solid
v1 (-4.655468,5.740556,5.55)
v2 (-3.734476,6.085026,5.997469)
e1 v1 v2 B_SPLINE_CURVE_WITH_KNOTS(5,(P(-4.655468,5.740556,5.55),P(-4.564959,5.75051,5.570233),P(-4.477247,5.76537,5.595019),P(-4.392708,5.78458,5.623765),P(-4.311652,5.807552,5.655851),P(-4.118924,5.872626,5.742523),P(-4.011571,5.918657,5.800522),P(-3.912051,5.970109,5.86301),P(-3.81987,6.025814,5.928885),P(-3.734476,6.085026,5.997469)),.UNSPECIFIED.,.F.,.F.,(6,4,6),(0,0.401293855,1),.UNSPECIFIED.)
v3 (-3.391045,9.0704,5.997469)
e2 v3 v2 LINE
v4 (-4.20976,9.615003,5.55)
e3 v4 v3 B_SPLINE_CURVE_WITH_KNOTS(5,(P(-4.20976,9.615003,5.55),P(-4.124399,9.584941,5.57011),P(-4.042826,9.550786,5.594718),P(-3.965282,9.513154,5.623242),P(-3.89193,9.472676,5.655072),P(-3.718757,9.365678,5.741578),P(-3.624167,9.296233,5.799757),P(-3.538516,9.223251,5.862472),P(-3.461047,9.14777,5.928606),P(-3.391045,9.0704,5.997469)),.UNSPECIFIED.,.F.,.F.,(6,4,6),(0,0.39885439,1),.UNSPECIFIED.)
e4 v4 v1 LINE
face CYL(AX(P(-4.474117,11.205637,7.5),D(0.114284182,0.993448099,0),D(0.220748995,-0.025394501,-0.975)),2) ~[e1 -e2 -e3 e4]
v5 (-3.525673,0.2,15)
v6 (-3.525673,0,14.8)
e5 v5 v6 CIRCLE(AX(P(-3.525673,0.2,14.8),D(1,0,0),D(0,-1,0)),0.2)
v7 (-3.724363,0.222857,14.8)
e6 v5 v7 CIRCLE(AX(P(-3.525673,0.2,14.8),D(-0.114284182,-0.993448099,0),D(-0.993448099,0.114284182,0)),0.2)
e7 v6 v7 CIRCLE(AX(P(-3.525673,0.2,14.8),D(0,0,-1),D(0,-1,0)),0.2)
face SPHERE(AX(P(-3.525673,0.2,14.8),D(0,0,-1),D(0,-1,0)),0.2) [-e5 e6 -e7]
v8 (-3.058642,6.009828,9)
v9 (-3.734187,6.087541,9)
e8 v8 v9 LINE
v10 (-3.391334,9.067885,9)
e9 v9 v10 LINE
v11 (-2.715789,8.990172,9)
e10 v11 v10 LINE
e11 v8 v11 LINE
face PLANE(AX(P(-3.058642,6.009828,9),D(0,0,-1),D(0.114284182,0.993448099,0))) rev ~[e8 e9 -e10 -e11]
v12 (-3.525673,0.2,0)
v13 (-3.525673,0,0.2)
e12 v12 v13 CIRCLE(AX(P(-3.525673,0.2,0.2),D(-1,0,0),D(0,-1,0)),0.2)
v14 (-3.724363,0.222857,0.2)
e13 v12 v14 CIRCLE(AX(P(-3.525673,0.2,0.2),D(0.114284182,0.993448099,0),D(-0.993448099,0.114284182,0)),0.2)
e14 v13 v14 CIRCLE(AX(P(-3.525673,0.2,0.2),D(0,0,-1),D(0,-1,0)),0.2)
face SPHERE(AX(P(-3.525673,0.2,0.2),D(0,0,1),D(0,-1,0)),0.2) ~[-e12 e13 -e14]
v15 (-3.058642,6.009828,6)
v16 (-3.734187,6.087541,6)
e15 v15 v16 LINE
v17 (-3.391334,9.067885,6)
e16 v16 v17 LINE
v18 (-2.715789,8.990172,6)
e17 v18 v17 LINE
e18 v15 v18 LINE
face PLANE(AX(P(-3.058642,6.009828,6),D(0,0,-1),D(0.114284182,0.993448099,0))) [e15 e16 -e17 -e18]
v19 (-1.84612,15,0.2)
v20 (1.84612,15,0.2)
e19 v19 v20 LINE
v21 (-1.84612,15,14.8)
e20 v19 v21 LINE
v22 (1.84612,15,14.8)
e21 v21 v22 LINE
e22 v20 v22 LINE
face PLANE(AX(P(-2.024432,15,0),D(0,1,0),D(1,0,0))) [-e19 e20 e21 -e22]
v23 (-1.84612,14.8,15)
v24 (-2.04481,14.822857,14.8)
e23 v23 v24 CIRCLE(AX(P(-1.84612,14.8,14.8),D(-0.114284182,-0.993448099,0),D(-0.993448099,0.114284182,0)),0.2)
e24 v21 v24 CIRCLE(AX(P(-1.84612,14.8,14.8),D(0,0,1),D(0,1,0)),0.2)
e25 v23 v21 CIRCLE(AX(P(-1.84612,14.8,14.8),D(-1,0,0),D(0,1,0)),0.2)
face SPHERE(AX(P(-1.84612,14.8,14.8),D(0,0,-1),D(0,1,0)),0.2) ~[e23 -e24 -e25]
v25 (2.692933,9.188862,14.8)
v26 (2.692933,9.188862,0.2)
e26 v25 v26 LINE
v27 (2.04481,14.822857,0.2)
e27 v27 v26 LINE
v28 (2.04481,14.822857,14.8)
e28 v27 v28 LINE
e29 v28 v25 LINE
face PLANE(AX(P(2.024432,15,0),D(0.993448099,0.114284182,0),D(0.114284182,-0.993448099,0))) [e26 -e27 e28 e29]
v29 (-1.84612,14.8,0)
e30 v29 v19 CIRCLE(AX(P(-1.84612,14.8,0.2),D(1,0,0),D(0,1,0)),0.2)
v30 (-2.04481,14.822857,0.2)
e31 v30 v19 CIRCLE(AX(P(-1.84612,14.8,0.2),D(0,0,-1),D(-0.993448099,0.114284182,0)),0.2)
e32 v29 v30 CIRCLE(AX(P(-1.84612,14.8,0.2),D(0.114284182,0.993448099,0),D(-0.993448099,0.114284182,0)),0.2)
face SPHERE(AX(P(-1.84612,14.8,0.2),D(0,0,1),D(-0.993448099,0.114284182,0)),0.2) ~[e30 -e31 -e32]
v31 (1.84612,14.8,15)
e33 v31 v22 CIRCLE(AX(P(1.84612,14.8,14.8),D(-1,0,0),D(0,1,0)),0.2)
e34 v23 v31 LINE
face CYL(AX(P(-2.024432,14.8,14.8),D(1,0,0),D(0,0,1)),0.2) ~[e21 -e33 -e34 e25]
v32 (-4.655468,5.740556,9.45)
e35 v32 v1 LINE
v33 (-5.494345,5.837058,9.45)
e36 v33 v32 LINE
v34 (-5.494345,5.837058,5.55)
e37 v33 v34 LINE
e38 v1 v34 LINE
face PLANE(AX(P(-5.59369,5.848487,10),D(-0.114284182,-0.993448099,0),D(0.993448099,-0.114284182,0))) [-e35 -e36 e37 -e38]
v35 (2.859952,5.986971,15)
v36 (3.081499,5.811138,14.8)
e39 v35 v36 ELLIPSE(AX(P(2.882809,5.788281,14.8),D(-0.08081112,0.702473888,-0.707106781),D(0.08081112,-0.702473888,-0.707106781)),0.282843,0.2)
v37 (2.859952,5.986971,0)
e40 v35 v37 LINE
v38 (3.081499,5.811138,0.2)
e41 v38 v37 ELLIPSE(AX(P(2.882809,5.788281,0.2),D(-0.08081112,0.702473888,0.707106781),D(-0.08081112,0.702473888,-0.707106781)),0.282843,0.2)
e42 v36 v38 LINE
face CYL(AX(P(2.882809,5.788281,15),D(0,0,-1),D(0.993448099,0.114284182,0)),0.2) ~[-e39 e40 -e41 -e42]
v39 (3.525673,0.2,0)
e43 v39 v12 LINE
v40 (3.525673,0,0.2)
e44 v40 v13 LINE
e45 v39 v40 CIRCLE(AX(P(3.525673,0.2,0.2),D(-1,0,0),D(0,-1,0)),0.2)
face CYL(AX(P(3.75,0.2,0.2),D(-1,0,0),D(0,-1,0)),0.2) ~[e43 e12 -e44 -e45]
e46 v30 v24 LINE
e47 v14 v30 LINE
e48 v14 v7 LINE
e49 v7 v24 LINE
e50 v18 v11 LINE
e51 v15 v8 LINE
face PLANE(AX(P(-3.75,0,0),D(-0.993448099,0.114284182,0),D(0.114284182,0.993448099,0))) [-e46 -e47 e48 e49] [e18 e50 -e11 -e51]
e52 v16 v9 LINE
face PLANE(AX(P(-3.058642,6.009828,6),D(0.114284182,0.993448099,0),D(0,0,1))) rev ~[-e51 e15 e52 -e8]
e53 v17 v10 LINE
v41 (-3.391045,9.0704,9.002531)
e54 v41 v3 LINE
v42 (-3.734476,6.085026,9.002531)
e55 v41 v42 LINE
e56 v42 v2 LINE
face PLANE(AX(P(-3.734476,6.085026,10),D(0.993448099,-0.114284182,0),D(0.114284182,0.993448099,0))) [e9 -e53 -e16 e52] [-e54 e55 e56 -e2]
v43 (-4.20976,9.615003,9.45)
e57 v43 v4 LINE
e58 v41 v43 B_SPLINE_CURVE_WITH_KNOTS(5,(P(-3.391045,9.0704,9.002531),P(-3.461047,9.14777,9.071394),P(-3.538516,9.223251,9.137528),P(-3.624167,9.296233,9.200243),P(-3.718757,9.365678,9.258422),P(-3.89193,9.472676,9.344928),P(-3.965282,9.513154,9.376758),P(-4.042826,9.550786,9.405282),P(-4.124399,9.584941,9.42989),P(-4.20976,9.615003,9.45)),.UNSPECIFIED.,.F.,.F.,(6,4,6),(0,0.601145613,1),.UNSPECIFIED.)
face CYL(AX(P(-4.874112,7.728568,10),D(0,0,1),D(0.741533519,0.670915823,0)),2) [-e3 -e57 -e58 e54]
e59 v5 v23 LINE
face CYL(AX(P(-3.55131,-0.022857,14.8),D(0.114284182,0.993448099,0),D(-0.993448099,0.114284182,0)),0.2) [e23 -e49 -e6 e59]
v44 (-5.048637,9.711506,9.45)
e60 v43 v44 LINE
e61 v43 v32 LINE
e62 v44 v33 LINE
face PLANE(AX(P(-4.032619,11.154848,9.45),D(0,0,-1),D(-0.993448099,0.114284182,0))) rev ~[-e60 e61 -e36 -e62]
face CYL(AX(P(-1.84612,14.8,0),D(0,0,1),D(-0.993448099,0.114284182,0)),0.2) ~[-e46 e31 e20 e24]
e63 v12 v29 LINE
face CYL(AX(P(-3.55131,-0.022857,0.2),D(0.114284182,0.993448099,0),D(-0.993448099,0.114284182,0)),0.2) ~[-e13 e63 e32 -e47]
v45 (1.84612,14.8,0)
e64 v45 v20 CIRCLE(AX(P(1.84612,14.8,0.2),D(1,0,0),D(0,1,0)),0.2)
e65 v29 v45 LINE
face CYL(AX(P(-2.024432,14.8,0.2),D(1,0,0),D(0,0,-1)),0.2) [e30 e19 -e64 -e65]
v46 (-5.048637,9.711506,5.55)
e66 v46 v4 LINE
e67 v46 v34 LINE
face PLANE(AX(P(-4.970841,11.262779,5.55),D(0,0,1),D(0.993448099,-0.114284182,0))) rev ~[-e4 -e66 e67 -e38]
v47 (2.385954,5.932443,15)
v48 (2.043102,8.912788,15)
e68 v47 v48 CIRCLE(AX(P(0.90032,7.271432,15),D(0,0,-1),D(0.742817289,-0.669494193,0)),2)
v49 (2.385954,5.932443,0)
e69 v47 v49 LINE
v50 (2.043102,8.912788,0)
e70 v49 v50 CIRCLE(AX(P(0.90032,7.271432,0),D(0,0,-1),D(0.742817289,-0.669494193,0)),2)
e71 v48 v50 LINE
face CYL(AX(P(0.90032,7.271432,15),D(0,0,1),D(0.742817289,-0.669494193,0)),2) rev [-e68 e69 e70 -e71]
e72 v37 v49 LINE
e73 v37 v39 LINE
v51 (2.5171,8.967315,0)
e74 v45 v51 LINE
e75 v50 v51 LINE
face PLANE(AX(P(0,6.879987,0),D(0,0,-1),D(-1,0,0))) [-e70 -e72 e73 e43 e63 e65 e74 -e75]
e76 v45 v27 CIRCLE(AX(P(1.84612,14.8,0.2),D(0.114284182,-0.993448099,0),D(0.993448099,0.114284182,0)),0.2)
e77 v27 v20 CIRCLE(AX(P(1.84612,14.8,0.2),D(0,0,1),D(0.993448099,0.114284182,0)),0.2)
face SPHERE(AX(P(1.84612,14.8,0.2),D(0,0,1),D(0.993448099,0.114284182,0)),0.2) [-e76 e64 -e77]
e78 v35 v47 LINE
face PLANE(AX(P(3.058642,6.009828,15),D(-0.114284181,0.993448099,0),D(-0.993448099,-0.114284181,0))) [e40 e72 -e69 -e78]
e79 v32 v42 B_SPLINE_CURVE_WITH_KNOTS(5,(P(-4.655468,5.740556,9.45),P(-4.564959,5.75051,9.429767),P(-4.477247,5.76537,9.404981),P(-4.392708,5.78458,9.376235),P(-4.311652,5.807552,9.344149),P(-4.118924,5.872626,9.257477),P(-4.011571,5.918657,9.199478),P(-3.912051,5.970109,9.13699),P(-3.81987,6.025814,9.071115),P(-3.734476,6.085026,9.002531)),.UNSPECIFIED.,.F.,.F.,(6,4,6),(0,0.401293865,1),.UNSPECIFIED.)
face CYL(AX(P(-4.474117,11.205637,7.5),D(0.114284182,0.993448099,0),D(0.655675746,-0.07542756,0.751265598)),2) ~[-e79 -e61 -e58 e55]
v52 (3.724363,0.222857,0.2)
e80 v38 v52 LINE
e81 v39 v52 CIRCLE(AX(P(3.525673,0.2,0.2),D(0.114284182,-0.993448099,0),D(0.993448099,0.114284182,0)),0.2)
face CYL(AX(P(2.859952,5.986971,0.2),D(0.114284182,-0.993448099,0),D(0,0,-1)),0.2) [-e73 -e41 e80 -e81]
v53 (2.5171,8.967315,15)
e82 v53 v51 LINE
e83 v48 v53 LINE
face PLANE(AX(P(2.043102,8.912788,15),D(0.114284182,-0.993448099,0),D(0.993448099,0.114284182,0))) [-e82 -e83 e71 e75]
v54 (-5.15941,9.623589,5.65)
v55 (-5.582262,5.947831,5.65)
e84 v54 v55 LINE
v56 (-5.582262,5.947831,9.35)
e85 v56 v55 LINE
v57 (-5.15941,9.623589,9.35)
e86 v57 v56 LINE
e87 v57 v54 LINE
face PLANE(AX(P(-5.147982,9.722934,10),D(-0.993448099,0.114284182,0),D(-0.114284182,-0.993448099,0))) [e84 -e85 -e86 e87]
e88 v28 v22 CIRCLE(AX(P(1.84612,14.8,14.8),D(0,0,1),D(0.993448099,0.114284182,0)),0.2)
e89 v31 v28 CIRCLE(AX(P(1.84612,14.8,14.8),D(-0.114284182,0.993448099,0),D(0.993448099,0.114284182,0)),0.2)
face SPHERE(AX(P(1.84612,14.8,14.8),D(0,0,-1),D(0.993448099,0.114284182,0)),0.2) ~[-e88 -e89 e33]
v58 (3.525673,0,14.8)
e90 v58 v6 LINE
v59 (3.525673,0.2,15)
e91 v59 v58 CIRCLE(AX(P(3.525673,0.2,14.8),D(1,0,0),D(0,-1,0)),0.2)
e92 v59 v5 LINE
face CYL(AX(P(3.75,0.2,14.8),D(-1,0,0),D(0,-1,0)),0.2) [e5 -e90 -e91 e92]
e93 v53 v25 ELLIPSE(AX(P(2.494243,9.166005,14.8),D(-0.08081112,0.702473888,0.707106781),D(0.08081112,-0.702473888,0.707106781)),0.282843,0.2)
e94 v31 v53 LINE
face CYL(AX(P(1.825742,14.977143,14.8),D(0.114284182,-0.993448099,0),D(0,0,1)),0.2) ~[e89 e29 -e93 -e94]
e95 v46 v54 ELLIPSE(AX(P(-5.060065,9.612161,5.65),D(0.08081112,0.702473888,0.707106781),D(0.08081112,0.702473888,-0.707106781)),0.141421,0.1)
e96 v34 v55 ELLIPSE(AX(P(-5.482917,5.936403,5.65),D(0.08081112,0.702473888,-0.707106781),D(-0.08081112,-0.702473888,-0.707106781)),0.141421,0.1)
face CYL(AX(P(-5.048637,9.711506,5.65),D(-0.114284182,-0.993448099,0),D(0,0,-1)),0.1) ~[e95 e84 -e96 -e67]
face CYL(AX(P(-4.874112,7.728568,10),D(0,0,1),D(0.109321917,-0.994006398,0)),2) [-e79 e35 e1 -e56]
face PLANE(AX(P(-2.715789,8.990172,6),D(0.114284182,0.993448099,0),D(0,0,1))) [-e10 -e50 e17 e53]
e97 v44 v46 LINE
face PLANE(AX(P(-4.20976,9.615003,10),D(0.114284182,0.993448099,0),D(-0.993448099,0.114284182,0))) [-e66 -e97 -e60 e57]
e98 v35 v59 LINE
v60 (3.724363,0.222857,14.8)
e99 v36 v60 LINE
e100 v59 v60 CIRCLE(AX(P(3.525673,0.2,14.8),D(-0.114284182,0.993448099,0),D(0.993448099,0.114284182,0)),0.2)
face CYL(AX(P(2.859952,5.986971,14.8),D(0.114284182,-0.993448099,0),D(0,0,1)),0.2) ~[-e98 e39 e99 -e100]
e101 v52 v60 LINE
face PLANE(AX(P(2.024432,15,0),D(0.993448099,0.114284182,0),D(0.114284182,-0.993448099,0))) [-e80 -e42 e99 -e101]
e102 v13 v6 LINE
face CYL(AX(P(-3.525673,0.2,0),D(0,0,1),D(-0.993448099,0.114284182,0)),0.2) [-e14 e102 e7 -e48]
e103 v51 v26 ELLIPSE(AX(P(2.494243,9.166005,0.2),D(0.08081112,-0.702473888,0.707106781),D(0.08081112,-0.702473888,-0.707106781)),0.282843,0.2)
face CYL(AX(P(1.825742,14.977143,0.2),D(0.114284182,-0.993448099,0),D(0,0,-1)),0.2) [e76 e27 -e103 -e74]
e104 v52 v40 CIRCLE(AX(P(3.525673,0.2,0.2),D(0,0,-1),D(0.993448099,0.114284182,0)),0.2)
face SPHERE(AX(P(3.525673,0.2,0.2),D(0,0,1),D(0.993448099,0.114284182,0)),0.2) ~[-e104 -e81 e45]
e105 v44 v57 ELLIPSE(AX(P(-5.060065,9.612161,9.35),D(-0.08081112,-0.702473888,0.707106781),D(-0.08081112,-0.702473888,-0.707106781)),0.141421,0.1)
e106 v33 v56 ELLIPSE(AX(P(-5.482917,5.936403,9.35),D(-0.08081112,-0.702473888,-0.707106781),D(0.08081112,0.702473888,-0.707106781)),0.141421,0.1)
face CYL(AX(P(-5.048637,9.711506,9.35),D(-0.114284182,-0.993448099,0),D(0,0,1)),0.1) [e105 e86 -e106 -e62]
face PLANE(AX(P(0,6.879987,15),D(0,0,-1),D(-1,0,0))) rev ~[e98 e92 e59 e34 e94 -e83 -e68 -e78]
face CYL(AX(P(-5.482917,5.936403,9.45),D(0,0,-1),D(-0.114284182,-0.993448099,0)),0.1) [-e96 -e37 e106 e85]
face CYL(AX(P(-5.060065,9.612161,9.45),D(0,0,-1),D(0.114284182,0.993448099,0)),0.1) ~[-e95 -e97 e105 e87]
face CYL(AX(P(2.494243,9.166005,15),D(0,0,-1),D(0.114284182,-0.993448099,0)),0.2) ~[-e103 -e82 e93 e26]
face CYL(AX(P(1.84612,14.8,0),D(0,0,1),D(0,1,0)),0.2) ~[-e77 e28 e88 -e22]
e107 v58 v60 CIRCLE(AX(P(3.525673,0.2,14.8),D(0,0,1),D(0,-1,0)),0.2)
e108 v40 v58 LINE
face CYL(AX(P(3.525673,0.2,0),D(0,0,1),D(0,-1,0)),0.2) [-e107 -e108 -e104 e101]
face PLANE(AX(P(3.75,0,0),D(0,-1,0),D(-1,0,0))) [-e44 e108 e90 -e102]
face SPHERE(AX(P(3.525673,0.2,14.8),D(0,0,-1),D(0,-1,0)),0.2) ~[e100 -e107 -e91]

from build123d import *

# Parameters (mm, degrees)
EXTRUDE_1_DEPTH          = 15
CUT_EXTRUDE_1_DEPTH      = 15
SKETCH_3_W               = 3
SKETCH_3_H               = 3
EXTRUDE_2_DEPTH          = 0.68
EXTRUDE_3_DEPTH          = 1
EXTRUDE_3_DEPTH_BACK     = 4
CUT_EXTRUDE_2_DEPTH      = 3
CUT_EXTRUDE_2_DEPTH_BACK = 5
FILLET_3_R               = 0.2
FILLET_4_R               = 0.1


with BuildPart() as part:
    # 草图1 → 凸台-拉伸1 (new body)
    with BuildSketch(Plane.XY):
        Polygon((-3.75, 0), (-2.02443152, 15), (2.02443152, 15), (3.75, 0), align=None)
    extrude(amount=EXTRUDE_1_DEPTH)

    # 草图2 → 切除-拉伸1 (cut)
    with BuildSketch(Plane.XY.offset(15)):
        with BuildLine():
            Line((2.715789487, 8.990172149), (3.058642033, 6.009827851))
            Line((3.058642033, 6.009827851), (2.38595414, 5.93244325))
            ThreePointArc((2.38595414, 5.93244325), (-1.086576637, 7.042863273), (2.043101594, 8.912787547))
            Line((2.043101594, 8.912787547), (2.715789487, 8.990172149))
        make_face()
    extrude(amount=-CUT_EXTRUDE_1_DEPTH, mode=Mode.SUBTRACT)

    # 草图3 → 凸台-拉伸2 (add)
    with BuildSketch(Plane(origin=(-3.701021722, 0.425757762, 0), x_dir=(0, 0, 1), z_dir=(-0.9934480991964022, 0.11428418177094966, 0))):
        with Locations((7.5, 7.120897653)):
            Rectangle(SKETCH_3_W, SKETCH_3_H)
    extrude(amount=EXTRUDE_2_DEPTH)

    # 草图4 → 凸台-拉伸3 (add, two sides: drawn at the far end of the back side and taken through both)
    with BuildSketch(Plane(origin=(0, 0, 6), x_dir=(-1, 0, 0), z_dir=(0, 0, -1)).offset(-EXTRUDE_3_DEPTH_BACK)):
        with BuildLine():
            Line((5.593690162, 5.848486661), (4.65546812, 5.740555569))
            ThreePointArc((4.65546812, 5.740555569), (4.17347222, 5.855308115), (3.734476016, 6.085026481))
            Line((3.734476016, 6.085026481), (3.391044919, 9.070400006))
            ThreePointArc((3.391044919, 9.070400006), (3.76641144, 9.393800948), (4.209759811, 9.615003156))
            Line((4.209759811, 9.615003156), (5.147981853, 9.722934248))
            Line((5.147981853, 9.722934248), (5.593690162, 5.848486661))
        make_face()
    extrude(amount=EXTRUDE_3_DEPTH + EXTRUDE_3_DEPTH_BACK)

    # 草图5 → 切除-拉伸2 (cut, two sides: drawn at the far end of the back side and taken through both)
    with BuildSketch(Plane(origin=(0.642379689, 5.584070089, 0), x_dir=(0.9934480991964022, -0.11428418177094966, 0), z_dir=(-0.11428418177094966, -0.9934480991964022, 0)).offset(-CUT_EXTRUDE_2_DEPTH_BACK)):
        with BuildLine():
            Line((-6.225430372, 9.45), (-6.225430372, 10))
            Line((-6.225430372, 10), (-4.405430372, 10))
            Line((-4.405430372, 10), (-4.405430372, 9.002531198))
            ThreePointArc((-4.405430372, 9.002531198), (-4.815297141, 9.280914794), (-5.281020651, 9.45))
            Line((-5.281020651, 9.45), (-6.225430372, 9.45))
        make_face()
        with BuildLine():
            Line((-6.225430372, 5.55), (-5.281020651, 5.55))
            ThreePointArc((-5.281020651, 5.55), (-4.815297141, 5.719085206), (-4.405430372, 5.997468802))
            Line((-4.405430372, 5.997468802), (-4.405430372, 5))
            Line((-4.405430372, 5), (-6.225430372, 5))
            Line((-6.225430372, 5), (-6.225430372, 5.55))
        make_face()
    extrude(amount=CUT_EXTRUDE_2_DEPTH + CUT_EXTRUDE_2_DEPTH_BACK, mode=Mode.SUBTRACT)

    # 圆角3
    fillet_3_edges = [part.edges().sort_by_distance(p)[0] for p in [
        (0, 0, 15),
        (3.404321016, 3.004913926, 15),
        (2.370110504, 11.995086074, 0),
        (2.370110504, 11.995086074, 15),
        (3.058642033, 6.009827851, 7.5),
        (2.715789487, 8.990172149, 7.5),
        (0, 15, 15),
        (3.404321016, 3.004913926, 0),
        (0, 0, 0),
        (-2.88721576, 7.5, 0),
        (0, 15, 0),
        (-2.88721576, 7.5, 15),
        (2.02443152, 15, 7.5),
        (3.75, 0, 7.5),
        (-3.75, 0, 7.5),
        (-2.02443152, 15, 7.5),
    ]]
    fillet(fillet_3_edges, radius=FILLET_3_R)

    # 圆角4
    fillet_4_edges = [part.edges().sort_by_distance(p)[0] for p in [
        (-5.593690162, 5.848486661, 7.5),
        (-5.147981853, 9.722934248, 7.5),
        (-5.370836008, 7.785710454, 9.45),
        (-5.370836008, 7.785710454, 5.55),
    ]]
    fillet(fillet_4_edges, radius=FILLET_4_R)


solid = part.part
